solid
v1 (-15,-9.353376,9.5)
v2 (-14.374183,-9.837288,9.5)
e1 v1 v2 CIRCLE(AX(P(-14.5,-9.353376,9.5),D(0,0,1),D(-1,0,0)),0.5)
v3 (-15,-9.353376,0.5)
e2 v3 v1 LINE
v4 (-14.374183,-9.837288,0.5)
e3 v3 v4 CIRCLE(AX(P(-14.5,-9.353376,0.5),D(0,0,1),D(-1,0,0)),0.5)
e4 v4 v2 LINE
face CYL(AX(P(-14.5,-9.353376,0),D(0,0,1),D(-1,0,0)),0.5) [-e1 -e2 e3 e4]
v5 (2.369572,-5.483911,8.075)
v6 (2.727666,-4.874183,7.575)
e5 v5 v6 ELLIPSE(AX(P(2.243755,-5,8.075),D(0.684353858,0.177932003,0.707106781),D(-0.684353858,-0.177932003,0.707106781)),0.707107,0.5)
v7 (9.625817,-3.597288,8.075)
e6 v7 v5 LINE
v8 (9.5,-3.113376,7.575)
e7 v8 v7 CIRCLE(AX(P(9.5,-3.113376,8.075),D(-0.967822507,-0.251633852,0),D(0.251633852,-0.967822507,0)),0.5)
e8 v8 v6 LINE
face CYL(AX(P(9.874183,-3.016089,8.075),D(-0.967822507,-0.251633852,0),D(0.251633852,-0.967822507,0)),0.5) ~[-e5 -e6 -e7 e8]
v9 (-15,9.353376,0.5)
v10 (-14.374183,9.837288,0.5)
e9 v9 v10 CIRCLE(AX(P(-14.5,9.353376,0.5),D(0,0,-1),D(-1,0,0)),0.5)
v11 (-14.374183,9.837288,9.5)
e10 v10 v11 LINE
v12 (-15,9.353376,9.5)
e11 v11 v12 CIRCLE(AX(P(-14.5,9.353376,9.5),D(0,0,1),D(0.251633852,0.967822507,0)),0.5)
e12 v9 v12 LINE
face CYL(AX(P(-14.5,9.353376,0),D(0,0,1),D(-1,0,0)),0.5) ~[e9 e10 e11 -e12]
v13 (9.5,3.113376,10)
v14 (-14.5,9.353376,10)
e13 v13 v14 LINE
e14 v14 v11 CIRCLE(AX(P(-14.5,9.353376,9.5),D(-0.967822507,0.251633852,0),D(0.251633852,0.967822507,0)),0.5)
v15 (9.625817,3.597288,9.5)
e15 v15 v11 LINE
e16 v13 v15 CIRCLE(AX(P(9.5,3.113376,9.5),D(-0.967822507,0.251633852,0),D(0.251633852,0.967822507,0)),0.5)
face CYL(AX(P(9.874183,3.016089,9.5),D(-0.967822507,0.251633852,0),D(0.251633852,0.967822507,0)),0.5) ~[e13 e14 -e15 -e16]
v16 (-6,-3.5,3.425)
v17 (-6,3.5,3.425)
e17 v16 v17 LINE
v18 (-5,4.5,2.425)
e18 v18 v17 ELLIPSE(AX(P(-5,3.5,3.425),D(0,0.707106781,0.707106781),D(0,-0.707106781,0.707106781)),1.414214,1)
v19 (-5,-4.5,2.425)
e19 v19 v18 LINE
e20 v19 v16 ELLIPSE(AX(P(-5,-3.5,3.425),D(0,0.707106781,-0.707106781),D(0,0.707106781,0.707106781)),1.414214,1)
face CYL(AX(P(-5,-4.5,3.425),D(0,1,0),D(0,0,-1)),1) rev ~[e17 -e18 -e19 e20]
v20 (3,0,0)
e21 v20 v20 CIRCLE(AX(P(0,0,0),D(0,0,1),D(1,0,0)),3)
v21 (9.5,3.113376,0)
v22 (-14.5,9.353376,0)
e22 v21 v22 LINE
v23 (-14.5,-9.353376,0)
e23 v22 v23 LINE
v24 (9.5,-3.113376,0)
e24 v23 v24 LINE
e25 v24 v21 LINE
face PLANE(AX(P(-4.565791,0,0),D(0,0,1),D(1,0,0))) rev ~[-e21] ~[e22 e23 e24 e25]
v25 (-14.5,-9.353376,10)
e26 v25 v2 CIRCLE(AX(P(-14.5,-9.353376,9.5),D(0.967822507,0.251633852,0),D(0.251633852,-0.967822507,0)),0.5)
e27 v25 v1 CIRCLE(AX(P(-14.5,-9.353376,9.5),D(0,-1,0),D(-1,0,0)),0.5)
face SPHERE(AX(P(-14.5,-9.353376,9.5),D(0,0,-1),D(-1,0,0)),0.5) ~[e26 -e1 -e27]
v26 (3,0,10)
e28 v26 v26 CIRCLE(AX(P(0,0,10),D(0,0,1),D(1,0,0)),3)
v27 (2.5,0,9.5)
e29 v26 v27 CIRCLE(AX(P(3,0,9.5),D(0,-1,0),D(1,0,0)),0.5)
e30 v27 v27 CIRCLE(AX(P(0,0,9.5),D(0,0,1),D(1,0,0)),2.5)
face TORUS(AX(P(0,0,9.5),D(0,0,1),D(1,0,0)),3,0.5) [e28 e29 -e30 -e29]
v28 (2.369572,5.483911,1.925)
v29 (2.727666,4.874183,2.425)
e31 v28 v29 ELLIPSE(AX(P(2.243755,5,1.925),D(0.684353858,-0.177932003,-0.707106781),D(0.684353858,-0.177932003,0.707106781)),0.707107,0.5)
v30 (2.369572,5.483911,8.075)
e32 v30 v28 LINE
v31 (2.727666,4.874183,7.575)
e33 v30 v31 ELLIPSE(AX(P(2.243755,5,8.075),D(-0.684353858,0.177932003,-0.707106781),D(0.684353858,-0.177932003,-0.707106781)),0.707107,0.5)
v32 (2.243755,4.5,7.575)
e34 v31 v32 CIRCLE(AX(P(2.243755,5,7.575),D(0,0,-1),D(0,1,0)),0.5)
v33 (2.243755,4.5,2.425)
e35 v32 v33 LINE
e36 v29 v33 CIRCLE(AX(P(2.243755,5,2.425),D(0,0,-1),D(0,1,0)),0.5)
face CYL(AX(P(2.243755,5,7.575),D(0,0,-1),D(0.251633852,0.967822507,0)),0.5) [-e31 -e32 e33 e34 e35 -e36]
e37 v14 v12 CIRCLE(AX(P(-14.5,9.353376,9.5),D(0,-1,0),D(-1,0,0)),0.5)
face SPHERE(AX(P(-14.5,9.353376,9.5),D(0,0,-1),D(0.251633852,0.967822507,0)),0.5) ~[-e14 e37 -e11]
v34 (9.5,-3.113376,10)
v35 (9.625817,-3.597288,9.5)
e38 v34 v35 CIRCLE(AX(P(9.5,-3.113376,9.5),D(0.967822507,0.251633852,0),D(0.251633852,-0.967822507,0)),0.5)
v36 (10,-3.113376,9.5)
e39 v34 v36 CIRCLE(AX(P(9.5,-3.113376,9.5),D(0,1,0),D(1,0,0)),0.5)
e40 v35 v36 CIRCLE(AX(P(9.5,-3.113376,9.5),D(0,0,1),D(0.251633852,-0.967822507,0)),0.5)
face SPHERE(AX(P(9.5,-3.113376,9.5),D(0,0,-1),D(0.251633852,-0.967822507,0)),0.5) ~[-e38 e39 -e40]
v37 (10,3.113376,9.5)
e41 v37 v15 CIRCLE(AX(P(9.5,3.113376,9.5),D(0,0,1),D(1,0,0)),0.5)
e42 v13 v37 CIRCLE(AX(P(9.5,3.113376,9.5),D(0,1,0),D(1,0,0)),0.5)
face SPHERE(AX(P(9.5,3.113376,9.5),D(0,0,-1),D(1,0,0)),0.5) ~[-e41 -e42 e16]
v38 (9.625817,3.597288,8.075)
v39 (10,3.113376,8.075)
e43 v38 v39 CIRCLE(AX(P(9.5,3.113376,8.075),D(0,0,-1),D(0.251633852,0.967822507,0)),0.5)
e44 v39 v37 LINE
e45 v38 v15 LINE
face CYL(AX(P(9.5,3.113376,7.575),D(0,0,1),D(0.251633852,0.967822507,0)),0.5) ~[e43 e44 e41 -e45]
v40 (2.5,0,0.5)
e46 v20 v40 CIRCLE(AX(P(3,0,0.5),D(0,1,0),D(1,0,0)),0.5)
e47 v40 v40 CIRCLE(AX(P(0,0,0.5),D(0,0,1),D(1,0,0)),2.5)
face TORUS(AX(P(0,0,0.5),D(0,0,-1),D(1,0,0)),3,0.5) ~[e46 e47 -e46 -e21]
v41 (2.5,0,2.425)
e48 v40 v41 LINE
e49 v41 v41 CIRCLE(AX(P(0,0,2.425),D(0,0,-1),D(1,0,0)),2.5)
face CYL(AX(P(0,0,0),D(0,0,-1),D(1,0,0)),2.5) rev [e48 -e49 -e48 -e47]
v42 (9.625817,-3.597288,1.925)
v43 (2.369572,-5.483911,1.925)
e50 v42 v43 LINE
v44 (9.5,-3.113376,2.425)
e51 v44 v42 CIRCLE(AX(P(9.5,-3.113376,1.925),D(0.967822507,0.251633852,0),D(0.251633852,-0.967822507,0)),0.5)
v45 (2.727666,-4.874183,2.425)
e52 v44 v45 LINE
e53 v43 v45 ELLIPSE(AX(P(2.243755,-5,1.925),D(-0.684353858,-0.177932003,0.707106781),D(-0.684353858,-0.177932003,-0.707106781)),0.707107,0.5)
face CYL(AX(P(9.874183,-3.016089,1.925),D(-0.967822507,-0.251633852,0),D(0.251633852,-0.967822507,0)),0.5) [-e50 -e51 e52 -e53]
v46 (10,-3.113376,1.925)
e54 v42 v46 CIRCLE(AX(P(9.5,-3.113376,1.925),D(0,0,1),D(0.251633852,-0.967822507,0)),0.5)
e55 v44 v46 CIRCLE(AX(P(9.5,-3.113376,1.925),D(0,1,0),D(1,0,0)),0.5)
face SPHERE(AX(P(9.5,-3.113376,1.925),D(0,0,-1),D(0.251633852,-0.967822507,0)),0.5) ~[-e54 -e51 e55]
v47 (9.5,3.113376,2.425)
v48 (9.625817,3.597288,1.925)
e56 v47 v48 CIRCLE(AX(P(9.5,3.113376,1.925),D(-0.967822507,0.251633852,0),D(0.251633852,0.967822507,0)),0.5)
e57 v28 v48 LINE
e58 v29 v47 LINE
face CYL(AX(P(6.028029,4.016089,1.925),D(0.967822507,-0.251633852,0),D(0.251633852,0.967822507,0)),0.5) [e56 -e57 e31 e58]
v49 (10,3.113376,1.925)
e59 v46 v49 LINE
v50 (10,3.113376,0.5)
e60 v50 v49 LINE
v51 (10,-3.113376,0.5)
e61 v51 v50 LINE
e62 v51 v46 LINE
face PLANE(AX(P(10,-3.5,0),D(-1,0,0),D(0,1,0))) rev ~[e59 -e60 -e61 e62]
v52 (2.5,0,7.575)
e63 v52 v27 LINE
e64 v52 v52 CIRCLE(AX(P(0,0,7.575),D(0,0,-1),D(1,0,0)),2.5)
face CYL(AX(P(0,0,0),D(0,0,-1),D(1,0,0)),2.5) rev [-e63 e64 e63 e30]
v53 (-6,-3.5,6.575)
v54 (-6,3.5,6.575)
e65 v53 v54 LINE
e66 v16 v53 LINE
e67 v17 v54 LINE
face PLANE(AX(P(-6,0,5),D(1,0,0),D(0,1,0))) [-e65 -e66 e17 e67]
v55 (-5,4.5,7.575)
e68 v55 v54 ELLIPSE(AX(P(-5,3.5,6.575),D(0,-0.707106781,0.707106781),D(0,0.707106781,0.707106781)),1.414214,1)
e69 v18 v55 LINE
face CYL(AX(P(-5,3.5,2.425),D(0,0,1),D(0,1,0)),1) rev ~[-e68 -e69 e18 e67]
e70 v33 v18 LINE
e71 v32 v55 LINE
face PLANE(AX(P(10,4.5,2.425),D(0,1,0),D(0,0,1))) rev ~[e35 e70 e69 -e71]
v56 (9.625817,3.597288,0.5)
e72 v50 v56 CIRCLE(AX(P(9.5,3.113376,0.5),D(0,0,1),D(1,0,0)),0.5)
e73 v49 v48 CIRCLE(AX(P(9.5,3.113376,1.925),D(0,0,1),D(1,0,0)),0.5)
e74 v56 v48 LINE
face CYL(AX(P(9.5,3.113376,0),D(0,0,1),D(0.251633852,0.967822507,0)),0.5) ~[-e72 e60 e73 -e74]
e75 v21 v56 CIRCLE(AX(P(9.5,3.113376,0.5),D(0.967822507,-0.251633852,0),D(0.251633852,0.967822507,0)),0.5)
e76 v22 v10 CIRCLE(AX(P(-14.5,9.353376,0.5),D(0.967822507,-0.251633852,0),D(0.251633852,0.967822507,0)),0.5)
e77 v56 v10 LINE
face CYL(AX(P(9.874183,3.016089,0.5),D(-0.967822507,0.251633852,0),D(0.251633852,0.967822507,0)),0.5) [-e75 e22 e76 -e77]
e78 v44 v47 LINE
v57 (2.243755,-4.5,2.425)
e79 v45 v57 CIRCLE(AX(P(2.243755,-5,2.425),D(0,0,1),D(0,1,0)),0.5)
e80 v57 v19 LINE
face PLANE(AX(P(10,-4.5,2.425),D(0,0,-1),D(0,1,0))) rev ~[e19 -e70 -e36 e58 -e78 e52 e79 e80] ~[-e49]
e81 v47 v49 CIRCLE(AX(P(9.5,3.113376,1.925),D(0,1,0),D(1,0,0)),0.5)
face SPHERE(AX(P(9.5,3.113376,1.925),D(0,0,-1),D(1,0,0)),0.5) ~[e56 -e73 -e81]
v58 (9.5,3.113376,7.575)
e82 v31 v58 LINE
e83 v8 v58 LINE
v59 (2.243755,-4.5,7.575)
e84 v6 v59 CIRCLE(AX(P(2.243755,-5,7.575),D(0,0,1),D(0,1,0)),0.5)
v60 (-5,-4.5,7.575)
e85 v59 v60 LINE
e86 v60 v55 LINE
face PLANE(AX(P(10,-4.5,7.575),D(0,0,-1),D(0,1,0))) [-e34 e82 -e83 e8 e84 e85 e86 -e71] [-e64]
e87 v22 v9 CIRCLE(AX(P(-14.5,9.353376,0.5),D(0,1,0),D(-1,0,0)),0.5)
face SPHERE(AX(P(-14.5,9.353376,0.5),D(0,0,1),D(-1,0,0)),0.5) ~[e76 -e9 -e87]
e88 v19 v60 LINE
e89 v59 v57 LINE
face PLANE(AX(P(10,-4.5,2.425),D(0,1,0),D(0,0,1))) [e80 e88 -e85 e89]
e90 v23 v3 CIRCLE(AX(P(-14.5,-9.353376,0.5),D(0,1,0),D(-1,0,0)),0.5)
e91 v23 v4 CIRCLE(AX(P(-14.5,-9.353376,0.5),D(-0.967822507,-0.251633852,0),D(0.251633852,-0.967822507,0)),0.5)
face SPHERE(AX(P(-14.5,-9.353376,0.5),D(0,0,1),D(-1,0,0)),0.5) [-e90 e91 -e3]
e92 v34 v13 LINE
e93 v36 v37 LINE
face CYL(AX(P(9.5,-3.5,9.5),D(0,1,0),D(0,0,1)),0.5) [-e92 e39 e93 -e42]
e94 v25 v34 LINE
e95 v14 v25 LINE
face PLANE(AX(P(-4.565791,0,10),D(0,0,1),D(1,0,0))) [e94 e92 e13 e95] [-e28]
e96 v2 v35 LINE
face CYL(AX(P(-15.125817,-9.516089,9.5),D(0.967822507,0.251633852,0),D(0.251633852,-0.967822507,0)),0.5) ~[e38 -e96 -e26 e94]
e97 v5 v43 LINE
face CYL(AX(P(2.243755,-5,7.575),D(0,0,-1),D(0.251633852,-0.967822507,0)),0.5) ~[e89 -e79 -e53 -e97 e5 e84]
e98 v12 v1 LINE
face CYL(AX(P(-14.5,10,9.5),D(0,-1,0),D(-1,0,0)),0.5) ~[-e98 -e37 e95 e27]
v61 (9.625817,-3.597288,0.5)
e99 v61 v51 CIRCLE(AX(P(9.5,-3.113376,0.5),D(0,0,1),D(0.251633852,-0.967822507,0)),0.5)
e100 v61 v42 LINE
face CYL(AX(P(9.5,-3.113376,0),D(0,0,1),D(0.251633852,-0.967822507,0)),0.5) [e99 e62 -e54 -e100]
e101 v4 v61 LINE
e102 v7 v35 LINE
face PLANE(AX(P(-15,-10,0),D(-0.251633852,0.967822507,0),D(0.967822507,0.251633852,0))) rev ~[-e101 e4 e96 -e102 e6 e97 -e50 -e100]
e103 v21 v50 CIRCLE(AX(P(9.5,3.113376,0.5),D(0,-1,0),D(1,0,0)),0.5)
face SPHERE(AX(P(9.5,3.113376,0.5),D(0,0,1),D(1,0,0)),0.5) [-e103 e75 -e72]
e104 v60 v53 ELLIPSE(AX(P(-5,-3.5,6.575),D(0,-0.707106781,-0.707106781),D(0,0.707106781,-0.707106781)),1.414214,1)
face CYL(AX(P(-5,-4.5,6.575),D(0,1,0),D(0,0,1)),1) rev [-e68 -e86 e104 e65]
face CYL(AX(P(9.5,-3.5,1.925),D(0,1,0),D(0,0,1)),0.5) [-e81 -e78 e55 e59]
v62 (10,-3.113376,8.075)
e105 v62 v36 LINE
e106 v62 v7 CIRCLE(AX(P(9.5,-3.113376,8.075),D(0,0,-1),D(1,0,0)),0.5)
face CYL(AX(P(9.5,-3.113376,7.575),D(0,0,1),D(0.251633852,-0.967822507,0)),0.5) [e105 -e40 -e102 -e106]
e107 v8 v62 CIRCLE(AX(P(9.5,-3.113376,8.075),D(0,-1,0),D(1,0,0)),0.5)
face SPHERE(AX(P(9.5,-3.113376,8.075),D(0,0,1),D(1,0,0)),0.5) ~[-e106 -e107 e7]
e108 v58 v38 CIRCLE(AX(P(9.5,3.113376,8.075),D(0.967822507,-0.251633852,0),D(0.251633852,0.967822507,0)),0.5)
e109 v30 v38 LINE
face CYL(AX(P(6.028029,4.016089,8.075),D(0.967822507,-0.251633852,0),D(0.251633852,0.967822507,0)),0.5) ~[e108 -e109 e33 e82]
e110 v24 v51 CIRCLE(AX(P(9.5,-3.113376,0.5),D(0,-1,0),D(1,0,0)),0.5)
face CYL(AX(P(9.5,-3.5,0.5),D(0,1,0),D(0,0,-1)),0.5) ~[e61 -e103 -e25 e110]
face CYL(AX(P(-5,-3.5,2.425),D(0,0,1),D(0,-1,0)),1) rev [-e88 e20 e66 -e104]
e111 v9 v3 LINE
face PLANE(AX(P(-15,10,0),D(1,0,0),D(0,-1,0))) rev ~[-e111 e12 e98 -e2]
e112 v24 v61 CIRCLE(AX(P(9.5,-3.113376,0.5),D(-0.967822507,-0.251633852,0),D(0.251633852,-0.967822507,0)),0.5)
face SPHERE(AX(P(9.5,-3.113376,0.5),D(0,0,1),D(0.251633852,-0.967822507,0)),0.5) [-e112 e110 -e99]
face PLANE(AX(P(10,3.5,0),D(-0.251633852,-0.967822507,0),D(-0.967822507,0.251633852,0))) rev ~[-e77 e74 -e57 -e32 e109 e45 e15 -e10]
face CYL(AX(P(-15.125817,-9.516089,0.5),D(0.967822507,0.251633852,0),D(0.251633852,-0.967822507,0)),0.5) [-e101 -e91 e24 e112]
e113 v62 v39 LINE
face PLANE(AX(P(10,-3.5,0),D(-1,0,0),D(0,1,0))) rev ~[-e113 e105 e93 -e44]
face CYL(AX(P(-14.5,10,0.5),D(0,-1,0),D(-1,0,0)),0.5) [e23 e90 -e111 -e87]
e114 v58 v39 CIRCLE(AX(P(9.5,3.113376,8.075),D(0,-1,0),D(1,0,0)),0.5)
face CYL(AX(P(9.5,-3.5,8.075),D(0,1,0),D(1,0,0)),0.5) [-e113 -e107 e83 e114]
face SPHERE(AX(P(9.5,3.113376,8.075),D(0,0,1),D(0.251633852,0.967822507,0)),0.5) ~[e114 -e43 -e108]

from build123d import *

# Parameters (mm, degrees)
SKETCH_R     = 2.5
PAD_DEPTH    = 10
SKETCH001_W  = 9
SKETCH001_H  = 5.15
POCKET_DEPTH = 16
FILLET_R     = 0.5
FILLET001_R  = 1


with BuildPart() as part:
    # Sketch → Pad (new body)
    with BuildSketch(Plane.XY):
        Polygon((-15, 10), (-15, -10), (10, -3.5), (10, 3.5), align=None)
        Circle(SKETCH_R, mode=Mode.SUBTRACT)
    extrude(amount=PAD_DEPTH)

    # Sketch001 (on Face3 of Pad) → Pocket (cut)
    with BuildSketch(Plane.YZ.offset(10)):
        with Locations((0, 5)):
            Rectangle(SKETCH001_W, SKETCH001_H)
    extrude(amount=-POCKET_DEPTH, mode=Mode.SUBTRACT)

    # Fillet
    fillet_edges = [part.edges().sort_by_distance(p)[0] for p in [
        (-2.5, 6.75, 0),
        (-15, 10, 5),
        (-2.5, 6.75, 10),
        (10, 3.5, 8.7875),
        (8.076923, 4, 7.575),
        (6.153846, 4.5, 5),
        (8.076923, 4, 2.425),
        (10, 3.5, 1.2125),
        (-15, 0, 0),
        (-2.5, -6.75, 0),
        (10, 0, 0),
        (-2.5, 0, 0),
        (-15, -10, 5),
        (-15, 0, 10),
        (10, -3.5, 1.2125),
        (8.076923, -4, 2.425),
        (6.153846, -4.5, 5),
        (8.076923, -4, 7.575),
        (10, -3.5, 8.7875),
        (-2.5, -6.75, 10),
        (10, 0, 10),
        (-2.5, 0, 10),
        (10, 0, 7.575),
        (10, 0, 2.425),
    ]]
    fillet(fillet_edges, radius=FILLET_R)

    # Fillet001
    fillet001_edges = [part.edges().sort_by_distance(p)[0] for p in [
        (-6, 0, 7.575),
        (-6, 4.5, 5),
        (-6, 0, 2.425),
        (-6, -4.5, 5),
    ]]
    fillet(fillet001_edges, radius=FILLET001_R)


solid = part.part
